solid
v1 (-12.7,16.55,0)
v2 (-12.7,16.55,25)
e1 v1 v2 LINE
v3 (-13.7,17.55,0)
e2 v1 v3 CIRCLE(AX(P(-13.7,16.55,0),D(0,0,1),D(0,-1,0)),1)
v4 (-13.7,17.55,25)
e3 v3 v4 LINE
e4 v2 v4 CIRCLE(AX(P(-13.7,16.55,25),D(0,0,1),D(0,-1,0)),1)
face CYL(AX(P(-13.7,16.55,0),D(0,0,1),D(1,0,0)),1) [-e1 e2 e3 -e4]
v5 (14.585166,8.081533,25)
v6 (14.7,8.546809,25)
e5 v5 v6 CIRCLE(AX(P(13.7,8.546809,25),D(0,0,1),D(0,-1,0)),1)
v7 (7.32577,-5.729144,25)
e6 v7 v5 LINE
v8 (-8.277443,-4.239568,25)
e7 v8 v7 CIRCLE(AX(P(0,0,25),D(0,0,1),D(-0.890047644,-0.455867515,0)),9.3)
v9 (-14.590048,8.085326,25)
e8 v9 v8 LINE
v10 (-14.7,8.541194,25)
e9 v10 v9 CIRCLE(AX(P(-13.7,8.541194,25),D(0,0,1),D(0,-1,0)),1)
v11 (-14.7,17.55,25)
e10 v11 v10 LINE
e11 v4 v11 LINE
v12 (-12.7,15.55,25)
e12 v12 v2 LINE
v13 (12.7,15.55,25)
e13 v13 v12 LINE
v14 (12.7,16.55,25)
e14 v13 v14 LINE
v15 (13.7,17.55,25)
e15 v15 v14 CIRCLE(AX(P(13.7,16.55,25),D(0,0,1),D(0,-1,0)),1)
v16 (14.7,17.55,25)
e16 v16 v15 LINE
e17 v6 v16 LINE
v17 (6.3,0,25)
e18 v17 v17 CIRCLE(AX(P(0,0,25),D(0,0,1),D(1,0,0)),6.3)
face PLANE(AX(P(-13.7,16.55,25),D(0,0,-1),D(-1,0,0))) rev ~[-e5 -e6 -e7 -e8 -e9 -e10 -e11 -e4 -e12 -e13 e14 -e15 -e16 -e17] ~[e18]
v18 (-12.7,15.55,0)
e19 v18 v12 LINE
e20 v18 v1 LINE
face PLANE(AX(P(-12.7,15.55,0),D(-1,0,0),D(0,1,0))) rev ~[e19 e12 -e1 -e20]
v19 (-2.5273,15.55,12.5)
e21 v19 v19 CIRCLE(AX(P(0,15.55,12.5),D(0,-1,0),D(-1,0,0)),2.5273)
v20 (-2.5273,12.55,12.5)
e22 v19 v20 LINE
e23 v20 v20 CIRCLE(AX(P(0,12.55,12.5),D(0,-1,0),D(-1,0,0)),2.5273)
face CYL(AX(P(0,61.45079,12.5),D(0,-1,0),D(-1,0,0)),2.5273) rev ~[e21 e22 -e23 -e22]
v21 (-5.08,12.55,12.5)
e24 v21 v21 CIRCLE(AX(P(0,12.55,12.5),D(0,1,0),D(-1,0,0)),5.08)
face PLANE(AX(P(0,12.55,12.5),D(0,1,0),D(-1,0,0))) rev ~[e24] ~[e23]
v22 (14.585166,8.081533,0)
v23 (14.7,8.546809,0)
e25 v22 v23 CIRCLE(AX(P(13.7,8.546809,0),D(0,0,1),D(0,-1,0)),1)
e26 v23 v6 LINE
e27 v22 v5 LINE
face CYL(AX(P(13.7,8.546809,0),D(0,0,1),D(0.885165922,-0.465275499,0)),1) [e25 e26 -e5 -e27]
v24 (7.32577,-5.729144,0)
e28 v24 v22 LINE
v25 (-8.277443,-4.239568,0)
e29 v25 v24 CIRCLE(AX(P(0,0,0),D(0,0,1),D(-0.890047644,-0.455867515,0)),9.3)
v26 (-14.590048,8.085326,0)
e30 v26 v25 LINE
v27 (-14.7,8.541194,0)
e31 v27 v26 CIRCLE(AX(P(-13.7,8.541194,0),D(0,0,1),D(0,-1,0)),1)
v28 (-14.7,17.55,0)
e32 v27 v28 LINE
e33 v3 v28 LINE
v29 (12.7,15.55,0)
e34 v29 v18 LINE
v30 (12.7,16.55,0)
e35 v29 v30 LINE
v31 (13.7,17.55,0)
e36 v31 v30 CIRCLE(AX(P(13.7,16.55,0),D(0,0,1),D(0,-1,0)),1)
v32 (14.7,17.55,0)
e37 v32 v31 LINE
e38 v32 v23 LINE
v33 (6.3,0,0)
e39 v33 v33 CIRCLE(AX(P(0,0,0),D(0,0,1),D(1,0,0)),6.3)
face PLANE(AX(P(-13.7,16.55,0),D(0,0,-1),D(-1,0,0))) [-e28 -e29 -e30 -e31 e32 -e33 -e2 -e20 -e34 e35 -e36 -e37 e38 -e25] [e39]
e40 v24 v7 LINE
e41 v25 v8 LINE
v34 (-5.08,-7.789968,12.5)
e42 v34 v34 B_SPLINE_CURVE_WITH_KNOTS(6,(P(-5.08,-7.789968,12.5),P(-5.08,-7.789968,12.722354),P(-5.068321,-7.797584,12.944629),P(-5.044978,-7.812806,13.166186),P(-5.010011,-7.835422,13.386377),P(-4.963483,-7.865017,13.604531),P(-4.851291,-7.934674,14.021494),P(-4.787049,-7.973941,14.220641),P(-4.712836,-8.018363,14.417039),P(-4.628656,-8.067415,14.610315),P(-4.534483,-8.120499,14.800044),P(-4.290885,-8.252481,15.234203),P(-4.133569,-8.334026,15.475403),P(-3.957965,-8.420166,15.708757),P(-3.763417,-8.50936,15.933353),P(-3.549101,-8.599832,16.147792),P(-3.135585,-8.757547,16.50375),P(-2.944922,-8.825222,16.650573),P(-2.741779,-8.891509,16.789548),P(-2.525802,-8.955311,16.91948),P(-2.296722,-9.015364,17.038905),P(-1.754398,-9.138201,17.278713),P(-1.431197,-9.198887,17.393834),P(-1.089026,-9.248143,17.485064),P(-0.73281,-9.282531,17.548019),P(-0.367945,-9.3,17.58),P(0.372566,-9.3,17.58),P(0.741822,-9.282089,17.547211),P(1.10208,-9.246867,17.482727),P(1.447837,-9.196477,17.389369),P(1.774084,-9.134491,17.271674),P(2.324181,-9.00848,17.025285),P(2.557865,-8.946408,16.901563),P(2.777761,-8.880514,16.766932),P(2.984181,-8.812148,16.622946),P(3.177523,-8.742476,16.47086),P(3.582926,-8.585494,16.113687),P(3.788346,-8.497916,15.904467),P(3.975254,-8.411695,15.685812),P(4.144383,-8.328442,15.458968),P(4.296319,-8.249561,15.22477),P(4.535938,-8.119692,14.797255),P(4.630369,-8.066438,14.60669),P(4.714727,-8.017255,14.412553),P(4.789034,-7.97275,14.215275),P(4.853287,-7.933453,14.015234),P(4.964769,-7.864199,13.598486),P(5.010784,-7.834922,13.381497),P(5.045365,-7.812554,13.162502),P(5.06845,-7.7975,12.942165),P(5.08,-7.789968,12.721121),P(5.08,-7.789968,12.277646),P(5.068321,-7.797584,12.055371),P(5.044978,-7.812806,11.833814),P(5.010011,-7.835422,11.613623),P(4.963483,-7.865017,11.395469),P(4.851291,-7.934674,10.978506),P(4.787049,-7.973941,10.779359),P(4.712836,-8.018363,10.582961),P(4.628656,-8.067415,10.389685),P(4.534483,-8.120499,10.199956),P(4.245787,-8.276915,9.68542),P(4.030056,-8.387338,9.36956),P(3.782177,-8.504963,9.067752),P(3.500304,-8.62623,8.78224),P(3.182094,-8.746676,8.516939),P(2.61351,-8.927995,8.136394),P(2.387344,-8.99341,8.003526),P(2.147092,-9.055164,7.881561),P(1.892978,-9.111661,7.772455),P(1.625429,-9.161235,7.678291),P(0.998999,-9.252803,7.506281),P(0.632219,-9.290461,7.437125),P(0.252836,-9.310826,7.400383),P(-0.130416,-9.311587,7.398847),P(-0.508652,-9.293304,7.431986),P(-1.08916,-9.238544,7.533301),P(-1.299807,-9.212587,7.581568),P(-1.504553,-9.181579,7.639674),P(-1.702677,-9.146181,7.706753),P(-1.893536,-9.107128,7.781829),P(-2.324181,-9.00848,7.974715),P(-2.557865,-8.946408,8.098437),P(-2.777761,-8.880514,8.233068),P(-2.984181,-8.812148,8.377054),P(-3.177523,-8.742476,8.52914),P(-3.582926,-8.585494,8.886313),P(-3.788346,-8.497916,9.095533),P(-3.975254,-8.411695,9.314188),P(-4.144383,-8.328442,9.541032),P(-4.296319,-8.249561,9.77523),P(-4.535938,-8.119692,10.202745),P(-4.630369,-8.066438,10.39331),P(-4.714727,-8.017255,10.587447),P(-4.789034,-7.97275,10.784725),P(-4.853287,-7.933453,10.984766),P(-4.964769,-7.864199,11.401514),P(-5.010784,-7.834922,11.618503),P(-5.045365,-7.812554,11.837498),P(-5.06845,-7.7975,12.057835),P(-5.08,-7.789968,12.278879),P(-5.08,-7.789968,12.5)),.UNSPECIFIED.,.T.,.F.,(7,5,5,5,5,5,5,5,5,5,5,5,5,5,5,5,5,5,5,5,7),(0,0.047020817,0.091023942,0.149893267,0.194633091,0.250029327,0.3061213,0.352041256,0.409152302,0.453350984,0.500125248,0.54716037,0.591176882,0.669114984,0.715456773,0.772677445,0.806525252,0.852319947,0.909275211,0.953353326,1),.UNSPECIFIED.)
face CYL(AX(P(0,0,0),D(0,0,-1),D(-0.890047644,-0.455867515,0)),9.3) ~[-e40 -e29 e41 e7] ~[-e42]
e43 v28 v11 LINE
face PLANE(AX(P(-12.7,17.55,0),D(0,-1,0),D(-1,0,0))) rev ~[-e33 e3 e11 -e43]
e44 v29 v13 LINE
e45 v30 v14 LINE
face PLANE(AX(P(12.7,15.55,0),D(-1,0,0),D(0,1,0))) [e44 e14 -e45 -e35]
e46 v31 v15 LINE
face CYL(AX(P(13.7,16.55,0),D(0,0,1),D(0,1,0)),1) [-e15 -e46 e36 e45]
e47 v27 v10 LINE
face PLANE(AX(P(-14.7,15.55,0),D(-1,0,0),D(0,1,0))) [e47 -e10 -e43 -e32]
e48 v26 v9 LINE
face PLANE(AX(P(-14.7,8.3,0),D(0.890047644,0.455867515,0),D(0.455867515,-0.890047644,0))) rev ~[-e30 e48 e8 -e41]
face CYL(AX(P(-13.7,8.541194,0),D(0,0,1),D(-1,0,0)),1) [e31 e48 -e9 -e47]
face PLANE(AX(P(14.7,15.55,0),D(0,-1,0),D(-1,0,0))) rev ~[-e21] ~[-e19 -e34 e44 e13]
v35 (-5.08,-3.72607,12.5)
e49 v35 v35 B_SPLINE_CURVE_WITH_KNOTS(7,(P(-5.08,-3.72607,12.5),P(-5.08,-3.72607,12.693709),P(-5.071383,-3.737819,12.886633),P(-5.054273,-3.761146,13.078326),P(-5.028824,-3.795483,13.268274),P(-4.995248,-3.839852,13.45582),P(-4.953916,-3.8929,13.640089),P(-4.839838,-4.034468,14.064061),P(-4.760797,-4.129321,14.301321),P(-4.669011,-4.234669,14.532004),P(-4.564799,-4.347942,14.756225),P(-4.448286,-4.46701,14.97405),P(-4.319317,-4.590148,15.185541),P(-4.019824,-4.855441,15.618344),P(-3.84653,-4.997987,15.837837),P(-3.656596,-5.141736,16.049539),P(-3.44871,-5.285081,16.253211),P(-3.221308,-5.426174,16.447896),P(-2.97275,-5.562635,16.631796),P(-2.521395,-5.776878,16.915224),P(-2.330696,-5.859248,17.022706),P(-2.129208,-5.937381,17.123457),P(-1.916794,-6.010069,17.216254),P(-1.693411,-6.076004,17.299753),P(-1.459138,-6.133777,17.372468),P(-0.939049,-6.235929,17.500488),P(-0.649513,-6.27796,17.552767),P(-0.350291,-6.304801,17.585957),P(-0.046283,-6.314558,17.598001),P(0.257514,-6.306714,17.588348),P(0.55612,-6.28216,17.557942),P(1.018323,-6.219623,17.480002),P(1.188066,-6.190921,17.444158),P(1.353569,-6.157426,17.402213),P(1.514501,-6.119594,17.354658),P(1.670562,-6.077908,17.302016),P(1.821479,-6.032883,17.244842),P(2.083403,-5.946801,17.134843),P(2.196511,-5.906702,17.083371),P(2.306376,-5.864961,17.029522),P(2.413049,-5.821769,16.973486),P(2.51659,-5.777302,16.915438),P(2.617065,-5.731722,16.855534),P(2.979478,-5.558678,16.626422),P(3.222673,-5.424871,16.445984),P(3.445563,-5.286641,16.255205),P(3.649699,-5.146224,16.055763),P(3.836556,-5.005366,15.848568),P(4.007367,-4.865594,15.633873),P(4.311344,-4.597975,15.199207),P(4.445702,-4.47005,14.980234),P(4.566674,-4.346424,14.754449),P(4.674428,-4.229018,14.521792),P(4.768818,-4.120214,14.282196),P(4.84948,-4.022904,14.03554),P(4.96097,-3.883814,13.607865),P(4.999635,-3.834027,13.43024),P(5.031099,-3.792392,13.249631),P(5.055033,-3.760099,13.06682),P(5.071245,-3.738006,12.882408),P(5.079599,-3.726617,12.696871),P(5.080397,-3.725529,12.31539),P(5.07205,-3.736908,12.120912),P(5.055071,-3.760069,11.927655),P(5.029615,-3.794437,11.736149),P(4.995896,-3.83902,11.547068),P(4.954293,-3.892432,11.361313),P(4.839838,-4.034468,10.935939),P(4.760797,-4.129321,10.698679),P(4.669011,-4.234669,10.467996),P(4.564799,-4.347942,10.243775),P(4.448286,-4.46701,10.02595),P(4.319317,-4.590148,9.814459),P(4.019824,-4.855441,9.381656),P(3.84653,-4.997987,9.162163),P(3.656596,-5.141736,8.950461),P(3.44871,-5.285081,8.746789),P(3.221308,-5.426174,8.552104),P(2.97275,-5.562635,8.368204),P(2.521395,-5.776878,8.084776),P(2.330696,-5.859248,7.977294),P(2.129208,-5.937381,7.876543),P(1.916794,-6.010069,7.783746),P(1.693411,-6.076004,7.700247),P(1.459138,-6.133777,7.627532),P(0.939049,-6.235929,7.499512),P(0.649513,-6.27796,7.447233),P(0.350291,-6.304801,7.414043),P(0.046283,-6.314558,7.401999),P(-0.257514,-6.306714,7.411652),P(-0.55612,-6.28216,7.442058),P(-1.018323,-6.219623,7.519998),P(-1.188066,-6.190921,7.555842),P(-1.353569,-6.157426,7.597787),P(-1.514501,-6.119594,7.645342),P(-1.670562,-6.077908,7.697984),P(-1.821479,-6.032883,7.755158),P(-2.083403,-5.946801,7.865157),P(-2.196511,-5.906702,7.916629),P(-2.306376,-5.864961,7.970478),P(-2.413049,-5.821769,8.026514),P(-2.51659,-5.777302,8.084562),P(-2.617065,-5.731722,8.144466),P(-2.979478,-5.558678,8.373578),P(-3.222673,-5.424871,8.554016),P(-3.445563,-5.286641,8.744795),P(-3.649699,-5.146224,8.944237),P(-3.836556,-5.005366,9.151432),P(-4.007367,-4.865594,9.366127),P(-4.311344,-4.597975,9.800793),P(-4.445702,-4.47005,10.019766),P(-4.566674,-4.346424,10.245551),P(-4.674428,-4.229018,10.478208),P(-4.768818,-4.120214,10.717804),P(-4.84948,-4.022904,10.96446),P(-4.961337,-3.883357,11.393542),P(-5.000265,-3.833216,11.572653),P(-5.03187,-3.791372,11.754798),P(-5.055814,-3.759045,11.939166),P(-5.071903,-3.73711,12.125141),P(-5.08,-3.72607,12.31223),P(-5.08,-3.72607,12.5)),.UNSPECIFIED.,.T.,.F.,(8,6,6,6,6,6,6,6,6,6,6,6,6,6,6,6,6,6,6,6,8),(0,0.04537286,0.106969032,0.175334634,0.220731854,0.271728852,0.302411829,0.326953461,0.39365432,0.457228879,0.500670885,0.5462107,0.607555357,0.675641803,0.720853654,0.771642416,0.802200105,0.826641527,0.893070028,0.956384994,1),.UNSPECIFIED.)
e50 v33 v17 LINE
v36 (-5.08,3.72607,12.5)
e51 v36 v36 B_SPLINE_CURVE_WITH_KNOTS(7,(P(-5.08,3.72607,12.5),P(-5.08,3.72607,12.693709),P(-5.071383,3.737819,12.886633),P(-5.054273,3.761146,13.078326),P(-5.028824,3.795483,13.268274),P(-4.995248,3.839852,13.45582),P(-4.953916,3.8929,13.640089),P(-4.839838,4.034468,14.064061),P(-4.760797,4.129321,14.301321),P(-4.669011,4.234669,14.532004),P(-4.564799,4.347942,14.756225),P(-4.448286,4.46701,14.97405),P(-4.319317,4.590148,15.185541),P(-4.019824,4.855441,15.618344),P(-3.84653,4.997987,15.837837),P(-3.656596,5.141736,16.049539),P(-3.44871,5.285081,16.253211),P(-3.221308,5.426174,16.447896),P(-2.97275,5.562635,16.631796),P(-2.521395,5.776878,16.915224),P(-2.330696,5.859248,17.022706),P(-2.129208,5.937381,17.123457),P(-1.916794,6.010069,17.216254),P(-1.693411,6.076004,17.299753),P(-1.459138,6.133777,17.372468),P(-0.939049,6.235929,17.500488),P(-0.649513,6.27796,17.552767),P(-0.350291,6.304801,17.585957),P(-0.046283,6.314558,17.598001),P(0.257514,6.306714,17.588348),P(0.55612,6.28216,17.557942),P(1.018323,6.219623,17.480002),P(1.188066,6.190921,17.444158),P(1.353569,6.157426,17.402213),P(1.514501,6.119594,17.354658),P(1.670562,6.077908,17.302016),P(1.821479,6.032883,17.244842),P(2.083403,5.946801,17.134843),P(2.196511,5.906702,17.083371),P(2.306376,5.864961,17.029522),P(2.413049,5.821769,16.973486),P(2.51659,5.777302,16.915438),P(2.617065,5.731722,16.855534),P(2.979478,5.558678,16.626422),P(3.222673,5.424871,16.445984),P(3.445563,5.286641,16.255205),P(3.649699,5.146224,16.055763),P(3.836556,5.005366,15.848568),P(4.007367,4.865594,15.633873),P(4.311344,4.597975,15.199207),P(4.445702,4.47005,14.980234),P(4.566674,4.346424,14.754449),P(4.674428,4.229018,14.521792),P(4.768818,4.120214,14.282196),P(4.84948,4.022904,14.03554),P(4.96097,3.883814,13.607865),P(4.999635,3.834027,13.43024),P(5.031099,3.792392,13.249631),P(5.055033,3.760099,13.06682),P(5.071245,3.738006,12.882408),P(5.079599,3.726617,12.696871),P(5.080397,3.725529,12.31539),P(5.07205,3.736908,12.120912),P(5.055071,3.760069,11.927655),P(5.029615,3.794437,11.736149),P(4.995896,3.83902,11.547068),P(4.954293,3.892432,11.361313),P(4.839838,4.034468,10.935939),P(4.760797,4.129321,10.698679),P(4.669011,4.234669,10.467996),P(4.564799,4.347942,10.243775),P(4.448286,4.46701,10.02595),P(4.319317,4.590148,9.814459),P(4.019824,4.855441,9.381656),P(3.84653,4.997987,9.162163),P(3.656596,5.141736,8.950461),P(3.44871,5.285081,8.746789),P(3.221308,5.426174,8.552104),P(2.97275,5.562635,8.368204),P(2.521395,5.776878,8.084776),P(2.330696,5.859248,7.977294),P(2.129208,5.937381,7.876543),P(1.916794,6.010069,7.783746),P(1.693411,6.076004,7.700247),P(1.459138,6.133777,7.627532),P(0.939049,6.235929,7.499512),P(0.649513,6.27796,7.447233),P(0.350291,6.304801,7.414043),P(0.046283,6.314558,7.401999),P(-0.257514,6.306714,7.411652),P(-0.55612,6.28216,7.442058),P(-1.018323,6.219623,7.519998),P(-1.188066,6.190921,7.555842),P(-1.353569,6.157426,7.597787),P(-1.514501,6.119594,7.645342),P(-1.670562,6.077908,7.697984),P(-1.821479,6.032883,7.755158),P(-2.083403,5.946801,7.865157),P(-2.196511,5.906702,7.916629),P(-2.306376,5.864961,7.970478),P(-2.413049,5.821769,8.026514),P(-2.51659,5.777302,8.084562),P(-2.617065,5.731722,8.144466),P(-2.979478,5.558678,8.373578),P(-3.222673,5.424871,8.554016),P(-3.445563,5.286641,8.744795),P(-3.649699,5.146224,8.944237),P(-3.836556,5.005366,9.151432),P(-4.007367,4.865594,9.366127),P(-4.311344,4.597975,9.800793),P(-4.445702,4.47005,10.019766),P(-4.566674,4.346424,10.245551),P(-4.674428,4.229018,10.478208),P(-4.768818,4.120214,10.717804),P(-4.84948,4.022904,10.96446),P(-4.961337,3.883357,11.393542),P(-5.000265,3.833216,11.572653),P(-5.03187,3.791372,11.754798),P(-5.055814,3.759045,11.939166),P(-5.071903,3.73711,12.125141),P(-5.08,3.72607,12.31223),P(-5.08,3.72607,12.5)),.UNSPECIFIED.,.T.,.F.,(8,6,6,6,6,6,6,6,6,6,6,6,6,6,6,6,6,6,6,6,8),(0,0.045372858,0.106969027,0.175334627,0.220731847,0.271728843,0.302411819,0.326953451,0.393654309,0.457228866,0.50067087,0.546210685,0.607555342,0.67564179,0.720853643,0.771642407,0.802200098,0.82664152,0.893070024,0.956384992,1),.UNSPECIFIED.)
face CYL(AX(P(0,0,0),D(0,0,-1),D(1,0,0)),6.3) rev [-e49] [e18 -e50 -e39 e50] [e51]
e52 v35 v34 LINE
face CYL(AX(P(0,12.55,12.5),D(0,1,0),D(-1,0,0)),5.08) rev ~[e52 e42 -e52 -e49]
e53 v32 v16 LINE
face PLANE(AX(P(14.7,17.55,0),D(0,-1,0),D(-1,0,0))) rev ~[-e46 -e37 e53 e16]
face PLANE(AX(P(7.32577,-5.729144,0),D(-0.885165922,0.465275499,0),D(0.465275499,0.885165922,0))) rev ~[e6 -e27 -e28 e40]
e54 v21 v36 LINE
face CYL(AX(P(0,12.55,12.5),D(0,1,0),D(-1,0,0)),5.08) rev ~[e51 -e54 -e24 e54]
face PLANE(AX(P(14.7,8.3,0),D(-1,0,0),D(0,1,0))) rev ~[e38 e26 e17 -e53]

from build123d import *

# Parameters (mm, degrees)
SKETCH1_R                  = 6.3
BOSS_EXTRUDE1_DEPTH        = 25
F_8_0_199_DIAMETER_HOLE1_D = 5.0546
CUT_EXTRUDE2_START         = -3
SKETCH5_R                  = 5.08
CUT_EXTRUDE2_DEPTH         = 36.191785898
SKETCH6_W                  = 2
SKETCH6_H                  = 2
BOSS_EXTRUDE2_DEPTH        = 25
FILLET1_R                  = 1


with BuildPart() as part:
    # Sketch1 → Boss-Extrude1 (new body)
    with BuildSketch(Plane.XY):
        with BuildLine():
            Line((14.7, 8.3), (14.7, 15.55))
            Line((14.7, 15.55), (-14.7, 15.55))
            Line((-14.7, 15.55), (-14.7, 8.3))
            Line((-14.7, 8.3), (-8.277443092, -4.239567886))
            ThreePointArc((-8.277443092, -4.239567886), (-0.883815497, -9.25790852), (7.325770018, -5.729144233))
            Line((7.325770018, -5.729144233), (14.7, 8.3))
        make_face()
        Circle(SKETCH1_R, mode=Mode.SUBTRACT)
    extrude(amount=BOSS_EXTRUDE1_DEPTH)

    # #8 (0.199) Diameter Hole1 (through all)
    with Locations(Plane(origin=(0, 15.55, 0), x_dir=(1, 0, 0), z_dir=(0, 1, 0))):
        with Locations((0, -12.5)):
            Hole(F_8_0_199_DIAMETER_HOLE1_D / 2)

    # Sketch5 → Cut-Extrude2 (cut, through all)
    with BuildSketch(Plane(origin=(0, 15.55, 0), x_dir=(1, 0, 0), z_dir=(0, 1, 0)).offset(CUT_EXTRUDE2_START)):
        with Locations(Location((0, -12.5, 0), (0, 0, 180))):
            Circle(SKETCH5_R)
    extrude(amount=-CUT_EXTRUDE2_DEPTH, mode=Mode.SUBTRACT)

    # Sketch6 → Boss-Extrude2 (add)
    with BuildSketch(Plane(origin=(0, 0, 0), x_dir=(-1, 0, 0), z_dir=(0, 0, -1))):
        with Locations((13.7, 16.55)):
            Rectangle(SKETCH6_W, SKETCH6_H)
        with Locations((-13.7, 16.55)):
            Rectangle(SKETCH6_W, SKETCH6_H)
    extrude(amount=-BOSS_EXTRUDE2_DEPTH)

    # Fillet1
    fillet1_edges = [part.edges().sort_by_distance(p)[0] for p in [
        (-14.7, 8.3, 12.5),
        (14.7, 8.3, 12.5),
        (-12.7, 17.55, 12.5),
        (12.7, 17.55, 12.5),
    ]]
    fillet(fillet1_edges, radius=FILLET1_R)


solid = part.part
